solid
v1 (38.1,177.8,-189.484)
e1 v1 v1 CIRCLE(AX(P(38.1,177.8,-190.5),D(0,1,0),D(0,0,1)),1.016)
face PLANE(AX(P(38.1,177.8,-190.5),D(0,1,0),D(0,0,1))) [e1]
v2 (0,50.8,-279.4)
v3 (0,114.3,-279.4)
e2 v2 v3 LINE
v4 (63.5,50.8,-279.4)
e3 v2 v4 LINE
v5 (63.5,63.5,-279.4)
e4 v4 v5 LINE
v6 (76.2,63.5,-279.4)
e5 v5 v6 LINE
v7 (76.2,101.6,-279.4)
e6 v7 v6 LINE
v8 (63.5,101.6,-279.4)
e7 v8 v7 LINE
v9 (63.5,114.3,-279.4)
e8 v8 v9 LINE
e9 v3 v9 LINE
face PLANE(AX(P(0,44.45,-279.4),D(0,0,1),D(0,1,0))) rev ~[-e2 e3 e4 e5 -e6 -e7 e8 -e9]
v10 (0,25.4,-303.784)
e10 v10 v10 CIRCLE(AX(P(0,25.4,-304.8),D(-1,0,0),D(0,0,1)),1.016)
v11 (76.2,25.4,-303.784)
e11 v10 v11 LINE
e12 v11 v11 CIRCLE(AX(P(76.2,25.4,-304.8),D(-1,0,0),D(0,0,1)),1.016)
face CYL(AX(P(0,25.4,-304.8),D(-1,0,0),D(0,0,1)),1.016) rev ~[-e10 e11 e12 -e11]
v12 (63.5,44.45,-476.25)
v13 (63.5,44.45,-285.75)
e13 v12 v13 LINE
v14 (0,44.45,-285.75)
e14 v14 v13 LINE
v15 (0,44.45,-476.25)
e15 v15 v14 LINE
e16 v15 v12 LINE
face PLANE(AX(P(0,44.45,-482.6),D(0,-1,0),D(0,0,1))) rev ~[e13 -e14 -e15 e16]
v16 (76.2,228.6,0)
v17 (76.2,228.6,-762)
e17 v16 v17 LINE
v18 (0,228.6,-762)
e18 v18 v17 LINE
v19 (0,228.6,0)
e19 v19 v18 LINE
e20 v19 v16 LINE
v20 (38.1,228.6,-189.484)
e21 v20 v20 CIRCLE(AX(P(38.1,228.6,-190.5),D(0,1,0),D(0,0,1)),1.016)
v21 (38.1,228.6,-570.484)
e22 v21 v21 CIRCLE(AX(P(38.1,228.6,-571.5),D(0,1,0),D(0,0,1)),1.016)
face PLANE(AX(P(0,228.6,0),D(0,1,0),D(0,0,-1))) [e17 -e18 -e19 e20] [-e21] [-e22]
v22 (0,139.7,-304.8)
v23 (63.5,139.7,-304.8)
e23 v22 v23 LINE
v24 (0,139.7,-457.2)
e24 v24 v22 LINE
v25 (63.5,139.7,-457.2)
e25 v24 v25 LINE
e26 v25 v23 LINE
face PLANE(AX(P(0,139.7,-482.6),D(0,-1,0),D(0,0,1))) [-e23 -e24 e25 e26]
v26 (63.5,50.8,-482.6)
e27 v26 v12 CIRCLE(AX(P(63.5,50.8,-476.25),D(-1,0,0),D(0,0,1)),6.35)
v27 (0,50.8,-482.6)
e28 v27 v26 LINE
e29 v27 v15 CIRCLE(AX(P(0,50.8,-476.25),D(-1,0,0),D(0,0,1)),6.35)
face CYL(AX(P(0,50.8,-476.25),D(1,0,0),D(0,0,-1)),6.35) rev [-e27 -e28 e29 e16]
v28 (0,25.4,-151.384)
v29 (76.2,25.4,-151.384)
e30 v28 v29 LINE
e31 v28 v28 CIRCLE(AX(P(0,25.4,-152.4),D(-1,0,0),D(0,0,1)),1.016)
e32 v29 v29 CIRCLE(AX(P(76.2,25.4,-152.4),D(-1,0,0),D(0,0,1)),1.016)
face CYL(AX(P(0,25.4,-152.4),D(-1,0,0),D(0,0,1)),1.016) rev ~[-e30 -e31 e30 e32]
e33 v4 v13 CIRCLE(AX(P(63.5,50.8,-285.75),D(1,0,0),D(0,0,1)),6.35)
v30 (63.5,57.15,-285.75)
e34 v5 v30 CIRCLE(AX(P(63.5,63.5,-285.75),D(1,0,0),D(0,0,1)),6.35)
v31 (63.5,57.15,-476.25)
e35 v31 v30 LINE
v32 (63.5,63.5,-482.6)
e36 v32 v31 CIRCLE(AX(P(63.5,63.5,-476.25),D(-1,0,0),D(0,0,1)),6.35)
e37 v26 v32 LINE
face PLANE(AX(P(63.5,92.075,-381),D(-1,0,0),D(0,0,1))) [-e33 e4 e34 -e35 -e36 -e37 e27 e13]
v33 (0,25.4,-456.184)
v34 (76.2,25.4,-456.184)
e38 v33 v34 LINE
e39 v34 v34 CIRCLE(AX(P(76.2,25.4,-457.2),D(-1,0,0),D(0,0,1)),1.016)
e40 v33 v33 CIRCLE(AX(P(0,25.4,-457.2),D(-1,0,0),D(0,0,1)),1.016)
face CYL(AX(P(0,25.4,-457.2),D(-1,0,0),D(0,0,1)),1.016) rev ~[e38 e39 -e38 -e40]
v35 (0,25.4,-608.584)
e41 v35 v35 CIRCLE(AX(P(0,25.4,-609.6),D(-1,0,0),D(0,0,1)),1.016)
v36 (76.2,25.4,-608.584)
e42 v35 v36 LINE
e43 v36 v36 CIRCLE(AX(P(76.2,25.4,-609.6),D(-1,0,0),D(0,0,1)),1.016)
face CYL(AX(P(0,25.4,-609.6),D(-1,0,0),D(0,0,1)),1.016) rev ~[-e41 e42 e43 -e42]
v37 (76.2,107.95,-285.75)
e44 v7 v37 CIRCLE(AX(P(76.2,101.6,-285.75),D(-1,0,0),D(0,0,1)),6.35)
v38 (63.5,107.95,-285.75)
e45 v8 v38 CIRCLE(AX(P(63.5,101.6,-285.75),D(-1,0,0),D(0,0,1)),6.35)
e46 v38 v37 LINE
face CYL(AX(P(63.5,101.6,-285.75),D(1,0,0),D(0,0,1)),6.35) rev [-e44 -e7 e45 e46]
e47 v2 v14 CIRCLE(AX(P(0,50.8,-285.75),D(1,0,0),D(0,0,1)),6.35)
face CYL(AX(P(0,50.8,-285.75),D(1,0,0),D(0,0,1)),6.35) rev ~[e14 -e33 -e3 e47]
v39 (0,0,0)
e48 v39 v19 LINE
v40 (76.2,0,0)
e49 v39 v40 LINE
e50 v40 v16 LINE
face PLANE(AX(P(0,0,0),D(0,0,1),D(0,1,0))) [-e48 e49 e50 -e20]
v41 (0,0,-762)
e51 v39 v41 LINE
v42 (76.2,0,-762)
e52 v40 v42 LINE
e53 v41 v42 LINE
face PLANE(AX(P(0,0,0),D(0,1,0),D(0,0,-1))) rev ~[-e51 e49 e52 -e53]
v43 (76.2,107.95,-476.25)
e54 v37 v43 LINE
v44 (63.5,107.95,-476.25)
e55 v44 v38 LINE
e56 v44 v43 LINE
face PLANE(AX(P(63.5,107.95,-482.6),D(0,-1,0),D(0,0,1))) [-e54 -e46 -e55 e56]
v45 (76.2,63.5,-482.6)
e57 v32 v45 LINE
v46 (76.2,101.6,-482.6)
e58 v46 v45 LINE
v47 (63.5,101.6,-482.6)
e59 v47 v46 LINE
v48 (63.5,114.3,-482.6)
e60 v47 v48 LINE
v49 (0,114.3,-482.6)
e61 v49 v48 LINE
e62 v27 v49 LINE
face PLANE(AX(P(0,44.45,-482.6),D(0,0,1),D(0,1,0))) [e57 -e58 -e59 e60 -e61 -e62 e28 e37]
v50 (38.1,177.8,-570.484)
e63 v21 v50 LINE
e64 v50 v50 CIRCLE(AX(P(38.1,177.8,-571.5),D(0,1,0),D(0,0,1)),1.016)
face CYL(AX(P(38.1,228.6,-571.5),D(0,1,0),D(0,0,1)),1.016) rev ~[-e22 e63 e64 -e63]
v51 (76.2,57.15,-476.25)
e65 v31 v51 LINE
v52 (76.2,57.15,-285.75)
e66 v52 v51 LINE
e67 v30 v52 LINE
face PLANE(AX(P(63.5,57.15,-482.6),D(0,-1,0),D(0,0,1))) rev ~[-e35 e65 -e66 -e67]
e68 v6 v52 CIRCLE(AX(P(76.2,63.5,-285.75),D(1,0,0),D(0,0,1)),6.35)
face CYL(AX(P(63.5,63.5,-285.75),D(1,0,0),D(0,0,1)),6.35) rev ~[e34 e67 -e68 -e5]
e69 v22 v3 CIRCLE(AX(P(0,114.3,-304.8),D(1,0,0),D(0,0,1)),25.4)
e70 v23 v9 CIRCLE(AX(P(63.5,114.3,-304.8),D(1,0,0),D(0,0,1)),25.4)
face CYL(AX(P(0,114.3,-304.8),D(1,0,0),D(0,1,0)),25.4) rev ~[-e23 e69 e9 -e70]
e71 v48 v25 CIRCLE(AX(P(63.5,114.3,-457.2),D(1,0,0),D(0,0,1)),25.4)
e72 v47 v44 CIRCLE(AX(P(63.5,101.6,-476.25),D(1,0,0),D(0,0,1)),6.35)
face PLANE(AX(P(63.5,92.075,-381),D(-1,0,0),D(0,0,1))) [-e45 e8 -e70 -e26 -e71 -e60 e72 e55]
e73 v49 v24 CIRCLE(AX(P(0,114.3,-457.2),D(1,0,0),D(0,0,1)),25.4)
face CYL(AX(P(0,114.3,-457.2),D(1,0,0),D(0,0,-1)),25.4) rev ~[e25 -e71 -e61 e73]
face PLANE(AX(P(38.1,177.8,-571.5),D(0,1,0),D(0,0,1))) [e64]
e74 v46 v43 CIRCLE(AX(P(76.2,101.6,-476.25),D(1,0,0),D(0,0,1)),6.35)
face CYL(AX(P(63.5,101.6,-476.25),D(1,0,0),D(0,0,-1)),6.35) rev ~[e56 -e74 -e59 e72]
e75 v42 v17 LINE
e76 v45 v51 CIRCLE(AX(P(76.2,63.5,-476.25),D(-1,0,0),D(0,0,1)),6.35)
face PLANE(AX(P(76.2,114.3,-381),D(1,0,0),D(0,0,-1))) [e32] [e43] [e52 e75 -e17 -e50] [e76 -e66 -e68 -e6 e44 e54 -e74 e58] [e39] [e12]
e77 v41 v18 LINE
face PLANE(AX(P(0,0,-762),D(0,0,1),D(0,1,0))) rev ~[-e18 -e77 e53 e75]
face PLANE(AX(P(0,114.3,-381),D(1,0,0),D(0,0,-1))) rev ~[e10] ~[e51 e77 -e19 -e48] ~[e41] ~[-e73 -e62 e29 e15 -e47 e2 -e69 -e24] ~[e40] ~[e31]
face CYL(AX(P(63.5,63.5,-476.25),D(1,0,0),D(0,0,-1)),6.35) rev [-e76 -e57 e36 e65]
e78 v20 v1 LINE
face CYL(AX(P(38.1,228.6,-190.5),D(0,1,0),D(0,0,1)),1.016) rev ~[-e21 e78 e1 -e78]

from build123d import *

# Parameters (mm, degrees)
SKETCH1_W           = 762
SKETCH1_H           = 228.6
BOSS_EXTRUDE1_DEPTH = 76.2
SKETCH2_W           = 203.2
SKETCH2_H           = 95.25
CUT_EXTRUDE1_DEPTH  = 63.5
SKETCH3_W           = 203.2
SKETCH3_H           = 50.8
CUT_EXTRUDE2_DEPTH  = 799.081581043
FILLET1_R           = 25.4
SKETCH4_R           = 1.016
CUT_EXTRUDE3_DEPTH  = 800.192342306
LPATTERN1_COUNT     = 4
LPATTERN1_PITCH     = 152.4
FILLET2_R           = 6.35
FILLET3_R           = 6.35
SKETCH6_R           = 1.016
CUT_EXTRUDE4_DEPTH  = 50.8


with BuildPart() as part:
    # Sketch1 → Boss-Extrude1 (new body)
    with BuildSketch(Plane(origin=(0, 0, 0), x_dir=(0, 0, -1), z_dir=(1, 0, 0))):
        with Locations((381, 114.3)):
            Rectangle(SKETCH1_W, SKETCH1_H)
    extrude(amount=BOSS_EXTRUDE1_DEPTH)

    # Sketch2 → Cut-Extrude1 (cut)
    with BuildSketch(Plane.ZY):
        with Locations((-381, 92.075)):
            Rectangle(SKETCH2_W, SKETCH2_H)
    extrude(amount=-CUT_EXTRUDE1_DEPTH, mode=Mode.SUBTRACT)

    # Sketch3 → Cut-Extrude2 (cut, through all)
    with BuildSketch(Plane.ZY.offset(-63.5)):
        with Locations((-381, 82.55)):
            Rectangle(SKETCH3_W, SKETCH3_H)
    extrude(amount=-CUT_EXTRUDE2_DEPTH, mode=Mode.SUBTRACT)

    # Fillet1
    fillet1_edges = [part.edges().sort_by_distance(p)[0] for p in [
        (31.75, 139.7, -482.6),
        (31.75, 139.7, -279.4),
    ]]
    fillet(fillet1_edges, radius=FILLET1_R)

    # Sketch4 → Cut-Extrude3 (cut, through all)
    with BuildSketch(Plane.ZY):
        with Locations((-609.6, 25.4)):
            Circle(SKETCH4_R)
    cut_extrude3 = extrude(amount=-CUT_EXTRUDE3_DEPTH, mode=Mode.SUBTRACT)

    # LPattern1: Cut-Extrude3 ×4
    with Locations(*[(0, 0, i * LPATTERN1_PITCH) for i in range(1, LPATTERN1_COUNT)]):
        add(cut_extrude3, mode=Mode.SUBTRACT)

    # Fillet2
    fillet2_edges = [part.edges().sort_by_distance(p)[0] for p in [
        (69.85, 57.15, -482.6),
        (69.85, 107.95, -482.6),
        (69.85, 107.95, -279.4),
        (69.85, 57.15, -279.4),
    ]]
    fillet(fillet2_edges, radius=FILLET2_R)

    # Fillet3
    fillet3_edges = [part.edges().sort_by_distance(p)[0] for p in [
        (31.75, 44.45, -482.6),
        (31.75, 44.45, -279.4),
    ]]
    fillet(fillet3_edges, radius=FILLET3_R)

    # Sketch6 → Cut-Extrude4 (cut)
    with BuildSketch(Plane(origin=(0, 228.6, 0), x_dir=(1, 0, 0), z_dir=(0, 1, 0))):
        with Locations(Location((38.1, 571.5, 0), (0, 0, 270))):
            Circle(SKETCH6_R)
        with Locations(Location((38.1, 190.5, 0), (0, 0, 270))):
            Circle(SKETCH6_R)
    extrude(amount=-CUT_EXTRUDE4_DEPTH, mode=Mode.SUBTRACT)


solid = part.part
